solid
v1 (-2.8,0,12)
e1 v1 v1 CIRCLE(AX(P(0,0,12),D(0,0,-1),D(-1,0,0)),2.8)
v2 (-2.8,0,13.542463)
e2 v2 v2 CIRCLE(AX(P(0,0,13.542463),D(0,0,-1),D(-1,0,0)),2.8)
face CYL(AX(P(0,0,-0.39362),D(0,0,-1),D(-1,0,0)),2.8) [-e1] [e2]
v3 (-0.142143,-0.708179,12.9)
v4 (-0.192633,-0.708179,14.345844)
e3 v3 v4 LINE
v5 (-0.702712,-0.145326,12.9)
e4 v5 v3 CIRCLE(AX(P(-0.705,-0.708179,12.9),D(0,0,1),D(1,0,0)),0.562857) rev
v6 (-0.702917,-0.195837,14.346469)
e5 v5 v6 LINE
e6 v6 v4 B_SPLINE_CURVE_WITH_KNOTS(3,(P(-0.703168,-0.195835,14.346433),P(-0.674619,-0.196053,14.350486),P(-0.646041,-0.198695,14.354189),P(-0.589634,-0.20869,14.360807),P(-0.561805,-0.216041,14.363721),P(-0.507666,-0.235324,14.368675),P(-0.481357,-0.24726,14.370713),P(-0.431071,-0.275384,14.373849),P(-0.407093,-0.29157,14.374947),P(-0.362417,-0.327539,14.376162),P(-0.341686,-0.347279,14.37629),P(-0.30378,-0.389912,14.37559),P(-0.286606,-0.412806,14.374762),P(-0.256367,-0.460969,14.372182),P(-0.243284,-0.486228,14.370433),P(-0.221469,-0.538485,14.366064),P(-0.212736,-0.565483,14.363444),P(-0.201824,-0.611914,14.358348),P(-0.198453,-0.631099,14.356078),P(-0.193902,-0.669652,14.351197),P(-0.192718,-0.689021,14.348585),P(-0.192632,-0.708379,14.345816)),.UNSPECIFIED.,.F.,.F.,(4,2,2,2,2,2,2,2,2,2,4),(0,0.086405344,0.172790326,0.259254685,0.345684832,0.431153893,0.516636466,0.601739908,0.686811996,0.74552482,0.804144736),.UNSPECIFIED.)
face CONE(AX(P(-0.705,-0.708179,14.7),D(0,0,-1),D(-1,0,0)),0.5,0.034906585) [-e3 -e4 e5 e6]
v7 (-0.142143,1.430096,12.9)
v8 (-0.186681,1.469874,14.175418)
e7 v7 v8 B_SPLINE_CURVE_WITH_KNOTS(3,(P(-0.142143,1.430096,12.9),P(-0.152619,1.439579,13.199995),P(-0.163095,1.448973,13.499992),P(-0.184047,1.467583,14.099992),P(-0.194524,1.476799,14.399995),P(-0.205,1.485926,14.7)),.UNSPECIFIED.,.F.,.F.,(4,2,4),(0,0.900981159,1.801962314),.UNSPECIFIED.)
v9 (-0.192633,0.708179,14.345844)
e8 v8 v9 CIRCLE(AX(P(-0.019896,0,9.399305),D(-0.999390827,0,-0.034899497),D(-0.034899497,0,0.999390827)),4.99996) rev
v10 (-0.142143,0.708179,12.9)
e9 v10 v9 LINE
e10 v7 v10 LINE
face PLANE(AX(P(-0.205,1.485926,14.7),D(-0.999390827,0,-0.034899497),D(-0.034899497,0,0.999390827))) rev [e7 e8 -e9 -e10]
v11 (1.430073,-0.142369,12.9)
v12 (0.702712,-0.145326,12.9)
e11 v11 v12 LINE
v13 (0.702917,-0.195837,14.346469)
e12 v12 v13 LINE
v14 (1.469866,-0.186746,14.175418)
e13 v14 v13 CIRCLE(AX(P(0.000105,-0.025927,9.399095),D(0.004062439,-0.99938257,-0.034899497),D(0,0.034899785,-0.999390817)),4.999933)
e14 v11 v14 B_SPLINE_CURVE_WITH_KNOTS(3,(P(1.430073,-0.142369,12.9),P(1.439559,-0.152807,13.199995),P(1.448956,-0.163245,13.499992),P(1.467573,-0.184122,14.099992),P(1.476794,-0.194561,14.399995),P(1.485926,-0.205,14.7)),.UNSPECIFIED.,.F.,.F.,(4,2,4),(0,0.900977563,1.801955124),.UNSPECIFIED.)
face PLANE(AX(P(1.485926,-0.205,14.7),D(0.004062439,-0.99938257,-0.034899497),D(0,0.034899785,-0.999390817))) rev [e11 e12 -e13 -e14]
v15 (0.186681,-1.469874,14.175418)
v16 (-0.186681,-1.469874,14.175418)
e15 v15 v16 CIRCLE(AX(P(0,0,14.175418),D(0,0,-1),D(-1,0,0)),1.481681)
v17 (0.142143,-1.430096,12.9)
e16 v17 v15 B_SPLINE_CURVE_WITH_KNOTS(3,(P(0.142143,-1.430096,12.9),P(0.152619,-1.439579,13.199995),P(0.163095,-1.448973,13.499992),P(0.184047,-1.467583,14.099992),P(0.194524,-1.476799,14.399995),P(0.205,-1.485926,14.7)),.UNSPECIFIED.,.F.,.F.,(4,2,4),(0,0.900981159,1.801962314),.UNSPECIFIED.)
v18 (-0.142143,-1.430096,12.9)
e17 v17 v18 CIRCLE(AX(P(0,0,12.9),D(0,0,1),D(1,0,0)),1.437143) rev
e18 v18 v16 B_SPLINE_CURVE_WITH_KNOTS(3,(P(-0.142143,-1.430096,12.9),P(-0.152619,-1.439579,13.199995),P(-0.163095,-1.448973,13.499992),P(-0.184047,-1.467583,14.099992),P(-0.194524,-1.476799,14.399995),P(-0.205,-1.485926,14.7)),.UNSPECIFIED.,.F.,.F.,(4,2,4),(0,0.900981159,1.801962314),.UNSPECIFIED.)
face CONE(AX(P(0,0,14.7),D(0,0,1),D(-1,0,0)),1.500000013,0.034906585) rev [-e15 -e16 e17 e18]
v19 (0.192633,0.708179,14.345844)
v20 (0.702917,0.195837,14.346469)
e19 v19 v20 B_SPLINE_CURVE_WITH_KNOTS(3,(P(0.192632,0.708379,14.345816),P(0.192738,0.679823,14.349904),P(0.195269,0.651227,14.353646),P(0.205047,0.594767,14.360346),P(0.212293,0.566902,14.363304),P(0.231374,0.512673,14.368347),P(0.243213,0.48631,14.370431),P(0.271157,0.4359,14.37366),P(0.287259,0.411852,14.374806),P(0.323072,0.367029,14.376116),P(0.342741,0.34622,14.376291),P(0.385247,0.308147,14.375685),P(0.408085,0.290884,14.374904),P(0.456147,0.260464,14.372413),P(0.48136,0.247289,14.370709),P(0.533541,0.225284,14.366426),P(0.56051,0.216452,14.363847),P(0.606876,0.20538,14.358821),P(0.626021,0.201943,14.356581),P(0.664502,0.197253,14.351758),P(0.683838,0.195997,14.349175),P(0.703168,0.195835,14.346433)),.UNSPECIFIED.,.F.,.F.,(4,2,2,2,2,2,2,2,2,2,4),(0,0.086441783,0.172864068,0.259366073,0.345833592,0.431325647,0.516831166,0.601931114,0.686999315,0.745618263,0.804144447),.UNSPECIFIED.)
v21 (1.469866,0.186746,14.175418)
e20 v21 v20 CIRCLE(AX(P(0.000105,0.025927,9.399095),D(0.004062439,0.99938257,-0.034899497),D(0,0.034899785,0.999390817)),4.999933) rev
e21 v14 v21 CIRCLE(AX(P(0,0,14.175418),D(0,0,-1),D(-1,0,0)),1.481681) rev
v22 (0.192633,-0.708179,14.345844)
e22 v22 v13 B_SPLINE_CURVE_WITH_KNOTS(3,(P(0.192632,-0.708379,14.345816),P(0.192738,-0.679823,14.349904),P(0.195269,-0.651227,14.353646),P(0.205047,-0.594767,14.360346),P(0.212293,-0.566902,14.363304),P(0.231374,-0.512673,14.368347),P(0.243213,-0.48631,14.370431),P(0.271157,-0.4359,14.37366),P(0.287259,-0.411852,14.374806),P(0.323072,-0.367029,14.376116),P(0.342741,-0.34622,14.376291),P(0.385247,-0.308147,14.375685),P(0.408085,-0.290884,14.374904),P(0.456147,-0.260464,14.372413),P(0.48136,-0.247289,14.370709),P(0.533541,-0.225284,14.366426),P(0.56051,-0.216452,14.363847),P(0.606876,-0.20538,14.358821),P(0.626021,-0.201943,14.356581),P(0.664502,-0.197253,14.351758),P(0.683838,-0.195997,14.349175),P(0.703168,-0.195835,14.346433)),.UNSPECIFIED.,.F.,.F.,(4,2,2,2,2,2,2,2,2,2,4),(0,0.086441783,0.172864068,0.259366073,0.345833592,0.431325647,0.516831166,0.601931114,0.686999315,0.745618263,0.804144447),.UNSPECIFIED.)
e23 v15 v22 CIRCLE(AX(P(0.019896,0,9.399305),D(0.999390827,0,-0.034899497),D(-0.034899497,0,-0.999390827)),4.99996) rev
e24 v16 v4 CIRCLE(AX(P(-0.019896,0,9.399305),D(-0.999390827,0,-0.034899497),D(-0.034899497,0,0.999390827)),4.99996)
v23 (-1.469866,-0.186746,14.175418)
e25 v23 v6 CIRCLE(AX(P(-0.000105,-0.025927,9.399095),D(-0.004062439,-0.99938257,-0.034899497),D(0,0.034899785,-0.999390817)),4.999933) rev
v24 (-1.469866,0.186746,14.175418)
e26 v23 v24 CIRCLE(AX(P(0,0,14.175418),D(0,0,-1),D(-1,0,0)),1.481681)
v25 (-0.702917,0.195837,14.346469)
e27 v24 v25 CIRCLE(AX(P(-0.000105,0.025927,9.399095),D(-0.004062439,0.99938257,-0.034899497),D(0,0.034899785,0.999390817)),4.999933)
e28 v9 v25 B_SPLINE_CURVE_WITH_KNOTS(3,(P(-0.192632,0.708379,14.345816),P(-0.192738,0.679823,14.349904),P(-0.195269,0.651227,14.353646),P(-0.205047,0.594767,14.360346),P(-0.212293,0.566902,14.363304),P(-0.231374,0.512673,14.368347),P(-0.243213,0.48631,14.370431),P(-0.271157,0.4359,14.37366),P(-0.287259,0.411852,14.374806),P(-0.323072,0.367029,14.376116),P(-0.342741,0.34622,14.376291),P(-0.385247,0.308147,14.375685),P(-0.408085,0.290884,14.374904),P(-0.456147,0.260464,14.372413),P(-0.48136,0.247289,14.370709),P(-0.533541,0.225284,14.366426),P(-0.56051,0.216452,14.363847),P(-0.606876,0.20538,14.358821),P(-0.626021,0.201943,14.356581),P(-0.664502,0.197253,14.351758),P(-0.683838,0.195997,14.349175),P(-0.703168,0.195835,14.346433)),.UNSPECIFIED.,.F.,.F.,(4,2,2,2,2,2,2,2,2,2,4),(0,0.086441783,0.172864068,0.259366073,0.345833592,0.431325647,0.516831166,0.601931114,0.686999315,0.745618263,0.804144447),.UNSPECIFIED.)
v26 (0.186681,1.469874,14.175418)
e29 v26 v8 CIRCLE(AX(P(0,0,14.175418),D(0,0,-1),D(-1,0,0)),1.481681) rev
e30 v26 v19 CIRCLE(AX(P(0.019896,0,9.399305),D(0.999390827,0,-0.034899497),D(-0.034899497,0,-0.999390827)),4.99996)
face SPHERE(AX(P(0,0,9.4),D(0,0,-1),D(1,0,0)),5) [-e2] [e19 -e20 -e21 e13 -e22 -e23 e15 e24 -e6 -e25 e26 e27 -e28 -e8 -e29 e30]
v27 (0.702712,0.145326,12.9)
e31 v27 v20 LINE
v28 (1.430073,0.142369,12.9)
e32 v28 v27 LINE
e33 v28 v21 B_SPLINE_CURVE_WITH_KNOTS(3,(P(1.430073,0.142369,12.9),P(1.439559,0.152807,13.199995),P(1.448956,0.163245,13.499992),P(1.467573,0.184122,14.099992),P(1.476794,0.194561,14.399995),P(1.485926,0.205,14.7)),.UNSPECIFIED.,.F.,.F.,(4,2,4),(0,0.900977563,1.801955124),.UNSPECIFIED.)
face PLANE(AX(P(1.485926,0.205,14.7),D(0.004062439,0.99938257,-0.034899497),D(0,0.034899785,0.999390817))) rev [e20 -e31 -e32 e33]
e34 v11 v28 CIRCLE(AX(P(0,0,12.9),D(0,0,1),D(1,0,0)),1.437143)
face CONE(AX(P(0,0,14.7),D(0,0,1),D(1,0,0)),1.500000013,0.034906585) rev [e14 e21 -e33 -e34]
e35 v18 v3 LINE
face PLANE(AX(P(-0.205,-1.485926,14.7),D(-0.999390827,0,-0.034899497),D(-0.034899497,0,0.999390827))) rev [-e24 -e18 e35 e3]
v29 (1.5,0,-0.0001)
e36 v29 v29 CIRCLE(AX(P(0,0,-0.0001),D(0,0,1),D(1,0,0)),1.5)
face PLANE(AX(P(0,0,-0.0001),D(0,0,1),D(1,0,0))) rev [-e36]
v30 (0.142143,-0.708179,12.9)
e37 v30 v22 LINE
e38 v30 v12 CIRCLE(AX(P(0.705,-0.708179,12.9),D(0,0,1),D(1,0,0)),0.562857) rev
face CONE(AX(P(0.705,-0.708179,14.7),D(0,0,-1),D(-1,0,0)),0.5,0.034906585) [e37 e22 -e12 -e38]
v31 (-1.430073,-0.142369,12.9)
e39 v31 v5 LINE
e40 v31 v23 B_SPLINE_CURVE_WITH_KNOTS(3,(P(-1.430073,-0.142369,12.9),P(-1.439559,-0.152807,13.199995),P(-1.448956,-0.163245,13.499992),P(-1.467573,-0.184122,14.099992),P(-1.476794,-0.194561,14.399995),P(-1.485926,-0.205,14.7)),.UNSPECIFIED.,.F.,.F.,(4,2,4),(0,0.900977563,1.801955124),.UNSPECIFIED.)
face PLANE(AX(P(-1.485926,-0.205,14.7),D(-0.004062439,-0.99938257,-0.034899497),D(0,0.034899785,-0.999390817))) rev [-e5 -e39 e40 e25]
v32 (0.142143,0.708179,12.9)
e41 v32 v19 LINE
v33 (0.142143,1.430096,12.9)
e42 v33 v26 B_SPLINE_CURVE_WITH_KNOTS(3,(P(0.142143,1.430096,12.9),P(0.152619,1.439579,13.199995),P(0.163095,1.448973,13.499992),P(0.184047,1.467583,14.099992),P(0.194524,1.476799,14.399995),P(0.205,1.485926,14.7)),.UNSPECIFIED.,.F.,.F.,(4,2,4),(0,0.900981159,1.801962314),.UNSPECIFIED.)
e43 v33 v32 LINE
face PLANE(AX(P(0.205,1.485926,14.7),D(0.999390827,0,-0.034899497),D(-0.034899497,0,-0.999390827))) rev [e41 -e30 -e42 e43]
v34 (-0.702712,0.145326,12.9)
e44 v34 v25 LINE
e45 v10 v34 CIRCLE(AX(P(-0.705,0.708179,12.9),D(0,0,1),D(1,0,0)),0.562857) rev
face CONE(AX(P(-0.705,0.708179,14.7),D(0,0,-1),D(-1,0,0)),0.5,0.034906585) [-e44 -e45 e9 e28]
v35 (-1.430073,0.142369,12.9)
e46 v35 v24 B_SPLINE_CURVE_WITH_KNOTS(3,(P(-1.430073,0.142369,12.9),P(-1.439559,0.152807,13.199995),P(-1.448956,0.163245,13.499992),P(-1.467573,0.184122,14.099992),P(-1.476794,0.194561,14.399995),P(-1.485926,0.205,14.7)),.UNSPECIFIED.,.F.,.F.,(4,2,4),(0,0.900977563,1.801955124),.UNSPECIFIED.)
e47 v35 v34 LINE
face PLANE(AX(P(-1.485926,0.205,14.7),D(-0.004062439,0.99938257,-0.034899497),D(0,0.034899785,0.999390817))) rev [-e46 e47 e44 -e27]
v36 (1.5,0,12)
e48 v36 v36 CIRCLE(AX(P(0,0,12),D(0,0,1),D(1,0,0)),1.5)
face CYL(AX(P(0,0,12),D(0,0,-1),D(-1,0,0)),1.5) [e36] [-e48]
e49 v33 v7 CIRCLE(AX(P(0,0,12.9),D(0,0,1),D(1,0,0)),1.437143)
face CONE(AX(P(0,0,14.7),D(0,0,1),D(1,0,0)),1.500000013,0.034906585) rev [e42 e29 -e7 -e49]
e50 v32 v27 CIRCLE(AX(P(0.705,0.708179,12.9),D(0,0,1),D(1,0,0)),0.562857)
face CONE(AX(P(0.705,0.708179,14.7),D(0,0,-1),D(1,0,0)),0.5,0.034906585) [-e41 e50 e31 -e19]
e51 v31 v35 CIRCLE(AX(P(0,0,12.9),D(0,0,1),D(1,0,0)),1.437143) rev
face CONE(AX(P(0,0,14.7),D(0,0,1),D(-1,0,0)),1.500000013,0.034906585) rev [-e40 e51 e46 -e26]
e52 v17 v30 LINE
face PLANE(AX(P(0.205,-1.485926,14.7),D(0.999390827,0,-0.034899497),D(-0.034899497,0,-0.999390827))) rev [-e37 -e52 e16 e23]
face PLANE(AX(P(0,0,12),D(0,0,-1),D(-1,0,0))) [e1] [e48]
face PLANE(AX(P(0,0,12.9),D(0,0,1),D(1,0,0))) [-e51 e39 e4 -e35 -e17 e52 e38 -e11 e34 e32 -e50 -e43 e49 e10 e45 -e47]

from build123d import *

# Parameters (mm, degrees)
SKETCH1_R               = 1.5
BASE_EXTRUDE_DEPTH      = 12
BASE_EXTRUDE_DEPTH_BACK = 0.0001
CUT_EXTRUDE1_DEPTH      = 1.799999969
CUT_EXTRUDE1_TAPER      = 2


with BuildPart() as part:
    # Sketch1 → Base-Extrude (new body, two sides)
    with BuildSketch(Plane.XY) as base_extrude_sk:
        Circle(SKETCH1_R)
    extrude(amount=BASE_EXTRUDE_DEPTH)
    extrude(base_extrude_sk.sketch, amount=-BASE_EXTRUDE_DEPTH_BACK)

    # Sketch6 → Boss-Revolve2 (revolve)
    with BuildSketch(Plane(origin=(0, 0, 0), x_dir=(1, 0, 0), z_dir=(0, 1, 0))):
        with BuildLine():
            Line((0, -12), (2.7999999, -12))
            Line((2.7999999, -12), (2.7999999, -13.54246308))
            ThreePointArc((2.7999999, -13.54246308), (1.46418655, -14.180811406), (0, -14.4))
            Line((0, -14.4), (0, -12))
        make_face()
    revolve(axis=Axis((0, 0, -0.393620135), (0, 0, 1)))

    # Sketch7 → Cut-Extrude1 (cut)
    with BuildSketch(Plane(origin=(0, 0, 14.7000001), x_dir=(-1, 0, 0), z_dir=(0, 0, -1))):
        with BuildLine():
            ThreePointArc((0.205000004, 1.48592565), (0, 1.500000013), (-0.205000004, 1.48592565))
            Line((-0.205000004, 1.48592565), (-0.205000004, 0.708178558))
            ThreePointArc((-0.205000004, 0.708178558), (-0.35072876, 0.355344481), (-0.702967546, 0.208182689))
            Line((-0.702967546, 0.208182689), (-1.48592565, 0.205000004))
            ThreePointArc((-1.48592565, 0.205000004), (-1.500000013, 0), (-1.48592565, -0.205000004))
            Line((-1.48592565, -0.205000004), (-0.702967546, -0.208182689))
            ThreePointArc((-0.702967546, -0.208182689), (-0.35072876, -0.355344481), (-0.205000004, -0.708178558))
            Line((-0.205000004, -0.708178558), (-0.205000004, -1.48592565))
            ThreePointArc((-0.205000004, -1.48592565), (0, -1.500000013), (0.205000004, -1.48592565))
            Line((0.205000004, -1.48592565), (0.205000004, -0.708178558))
            ThreePointArc((0.205000004, -0.708178558), (0.35072876, -0.355344481), (0.702967546, -0.208182689))
            Line((0.702967546, -0.208182689), (1.48592565, -0.205000004))
            ThreePointArc((1.48592565, -0.205000004), (1.500000013, 0), (1.48592565, 0.205000004))
            Line((1.48592565, 0.205000004), (0.702967546, 0.208182689))
            ThreePointArc((0.702967546, 0.208182689), (0.35072876, 0.355344481), (0.205000004, 0.708178558))
            Line((0.205000004, 0.708178558), (0.205000004, 1.48592565))
        make_face()
    extrude(amount=CUT_EXTRUDE1_DEPTH, taper=CUT_EXTRUDE1_TAPER, mode=Mode.SUBTRACT)


solid = part.part
